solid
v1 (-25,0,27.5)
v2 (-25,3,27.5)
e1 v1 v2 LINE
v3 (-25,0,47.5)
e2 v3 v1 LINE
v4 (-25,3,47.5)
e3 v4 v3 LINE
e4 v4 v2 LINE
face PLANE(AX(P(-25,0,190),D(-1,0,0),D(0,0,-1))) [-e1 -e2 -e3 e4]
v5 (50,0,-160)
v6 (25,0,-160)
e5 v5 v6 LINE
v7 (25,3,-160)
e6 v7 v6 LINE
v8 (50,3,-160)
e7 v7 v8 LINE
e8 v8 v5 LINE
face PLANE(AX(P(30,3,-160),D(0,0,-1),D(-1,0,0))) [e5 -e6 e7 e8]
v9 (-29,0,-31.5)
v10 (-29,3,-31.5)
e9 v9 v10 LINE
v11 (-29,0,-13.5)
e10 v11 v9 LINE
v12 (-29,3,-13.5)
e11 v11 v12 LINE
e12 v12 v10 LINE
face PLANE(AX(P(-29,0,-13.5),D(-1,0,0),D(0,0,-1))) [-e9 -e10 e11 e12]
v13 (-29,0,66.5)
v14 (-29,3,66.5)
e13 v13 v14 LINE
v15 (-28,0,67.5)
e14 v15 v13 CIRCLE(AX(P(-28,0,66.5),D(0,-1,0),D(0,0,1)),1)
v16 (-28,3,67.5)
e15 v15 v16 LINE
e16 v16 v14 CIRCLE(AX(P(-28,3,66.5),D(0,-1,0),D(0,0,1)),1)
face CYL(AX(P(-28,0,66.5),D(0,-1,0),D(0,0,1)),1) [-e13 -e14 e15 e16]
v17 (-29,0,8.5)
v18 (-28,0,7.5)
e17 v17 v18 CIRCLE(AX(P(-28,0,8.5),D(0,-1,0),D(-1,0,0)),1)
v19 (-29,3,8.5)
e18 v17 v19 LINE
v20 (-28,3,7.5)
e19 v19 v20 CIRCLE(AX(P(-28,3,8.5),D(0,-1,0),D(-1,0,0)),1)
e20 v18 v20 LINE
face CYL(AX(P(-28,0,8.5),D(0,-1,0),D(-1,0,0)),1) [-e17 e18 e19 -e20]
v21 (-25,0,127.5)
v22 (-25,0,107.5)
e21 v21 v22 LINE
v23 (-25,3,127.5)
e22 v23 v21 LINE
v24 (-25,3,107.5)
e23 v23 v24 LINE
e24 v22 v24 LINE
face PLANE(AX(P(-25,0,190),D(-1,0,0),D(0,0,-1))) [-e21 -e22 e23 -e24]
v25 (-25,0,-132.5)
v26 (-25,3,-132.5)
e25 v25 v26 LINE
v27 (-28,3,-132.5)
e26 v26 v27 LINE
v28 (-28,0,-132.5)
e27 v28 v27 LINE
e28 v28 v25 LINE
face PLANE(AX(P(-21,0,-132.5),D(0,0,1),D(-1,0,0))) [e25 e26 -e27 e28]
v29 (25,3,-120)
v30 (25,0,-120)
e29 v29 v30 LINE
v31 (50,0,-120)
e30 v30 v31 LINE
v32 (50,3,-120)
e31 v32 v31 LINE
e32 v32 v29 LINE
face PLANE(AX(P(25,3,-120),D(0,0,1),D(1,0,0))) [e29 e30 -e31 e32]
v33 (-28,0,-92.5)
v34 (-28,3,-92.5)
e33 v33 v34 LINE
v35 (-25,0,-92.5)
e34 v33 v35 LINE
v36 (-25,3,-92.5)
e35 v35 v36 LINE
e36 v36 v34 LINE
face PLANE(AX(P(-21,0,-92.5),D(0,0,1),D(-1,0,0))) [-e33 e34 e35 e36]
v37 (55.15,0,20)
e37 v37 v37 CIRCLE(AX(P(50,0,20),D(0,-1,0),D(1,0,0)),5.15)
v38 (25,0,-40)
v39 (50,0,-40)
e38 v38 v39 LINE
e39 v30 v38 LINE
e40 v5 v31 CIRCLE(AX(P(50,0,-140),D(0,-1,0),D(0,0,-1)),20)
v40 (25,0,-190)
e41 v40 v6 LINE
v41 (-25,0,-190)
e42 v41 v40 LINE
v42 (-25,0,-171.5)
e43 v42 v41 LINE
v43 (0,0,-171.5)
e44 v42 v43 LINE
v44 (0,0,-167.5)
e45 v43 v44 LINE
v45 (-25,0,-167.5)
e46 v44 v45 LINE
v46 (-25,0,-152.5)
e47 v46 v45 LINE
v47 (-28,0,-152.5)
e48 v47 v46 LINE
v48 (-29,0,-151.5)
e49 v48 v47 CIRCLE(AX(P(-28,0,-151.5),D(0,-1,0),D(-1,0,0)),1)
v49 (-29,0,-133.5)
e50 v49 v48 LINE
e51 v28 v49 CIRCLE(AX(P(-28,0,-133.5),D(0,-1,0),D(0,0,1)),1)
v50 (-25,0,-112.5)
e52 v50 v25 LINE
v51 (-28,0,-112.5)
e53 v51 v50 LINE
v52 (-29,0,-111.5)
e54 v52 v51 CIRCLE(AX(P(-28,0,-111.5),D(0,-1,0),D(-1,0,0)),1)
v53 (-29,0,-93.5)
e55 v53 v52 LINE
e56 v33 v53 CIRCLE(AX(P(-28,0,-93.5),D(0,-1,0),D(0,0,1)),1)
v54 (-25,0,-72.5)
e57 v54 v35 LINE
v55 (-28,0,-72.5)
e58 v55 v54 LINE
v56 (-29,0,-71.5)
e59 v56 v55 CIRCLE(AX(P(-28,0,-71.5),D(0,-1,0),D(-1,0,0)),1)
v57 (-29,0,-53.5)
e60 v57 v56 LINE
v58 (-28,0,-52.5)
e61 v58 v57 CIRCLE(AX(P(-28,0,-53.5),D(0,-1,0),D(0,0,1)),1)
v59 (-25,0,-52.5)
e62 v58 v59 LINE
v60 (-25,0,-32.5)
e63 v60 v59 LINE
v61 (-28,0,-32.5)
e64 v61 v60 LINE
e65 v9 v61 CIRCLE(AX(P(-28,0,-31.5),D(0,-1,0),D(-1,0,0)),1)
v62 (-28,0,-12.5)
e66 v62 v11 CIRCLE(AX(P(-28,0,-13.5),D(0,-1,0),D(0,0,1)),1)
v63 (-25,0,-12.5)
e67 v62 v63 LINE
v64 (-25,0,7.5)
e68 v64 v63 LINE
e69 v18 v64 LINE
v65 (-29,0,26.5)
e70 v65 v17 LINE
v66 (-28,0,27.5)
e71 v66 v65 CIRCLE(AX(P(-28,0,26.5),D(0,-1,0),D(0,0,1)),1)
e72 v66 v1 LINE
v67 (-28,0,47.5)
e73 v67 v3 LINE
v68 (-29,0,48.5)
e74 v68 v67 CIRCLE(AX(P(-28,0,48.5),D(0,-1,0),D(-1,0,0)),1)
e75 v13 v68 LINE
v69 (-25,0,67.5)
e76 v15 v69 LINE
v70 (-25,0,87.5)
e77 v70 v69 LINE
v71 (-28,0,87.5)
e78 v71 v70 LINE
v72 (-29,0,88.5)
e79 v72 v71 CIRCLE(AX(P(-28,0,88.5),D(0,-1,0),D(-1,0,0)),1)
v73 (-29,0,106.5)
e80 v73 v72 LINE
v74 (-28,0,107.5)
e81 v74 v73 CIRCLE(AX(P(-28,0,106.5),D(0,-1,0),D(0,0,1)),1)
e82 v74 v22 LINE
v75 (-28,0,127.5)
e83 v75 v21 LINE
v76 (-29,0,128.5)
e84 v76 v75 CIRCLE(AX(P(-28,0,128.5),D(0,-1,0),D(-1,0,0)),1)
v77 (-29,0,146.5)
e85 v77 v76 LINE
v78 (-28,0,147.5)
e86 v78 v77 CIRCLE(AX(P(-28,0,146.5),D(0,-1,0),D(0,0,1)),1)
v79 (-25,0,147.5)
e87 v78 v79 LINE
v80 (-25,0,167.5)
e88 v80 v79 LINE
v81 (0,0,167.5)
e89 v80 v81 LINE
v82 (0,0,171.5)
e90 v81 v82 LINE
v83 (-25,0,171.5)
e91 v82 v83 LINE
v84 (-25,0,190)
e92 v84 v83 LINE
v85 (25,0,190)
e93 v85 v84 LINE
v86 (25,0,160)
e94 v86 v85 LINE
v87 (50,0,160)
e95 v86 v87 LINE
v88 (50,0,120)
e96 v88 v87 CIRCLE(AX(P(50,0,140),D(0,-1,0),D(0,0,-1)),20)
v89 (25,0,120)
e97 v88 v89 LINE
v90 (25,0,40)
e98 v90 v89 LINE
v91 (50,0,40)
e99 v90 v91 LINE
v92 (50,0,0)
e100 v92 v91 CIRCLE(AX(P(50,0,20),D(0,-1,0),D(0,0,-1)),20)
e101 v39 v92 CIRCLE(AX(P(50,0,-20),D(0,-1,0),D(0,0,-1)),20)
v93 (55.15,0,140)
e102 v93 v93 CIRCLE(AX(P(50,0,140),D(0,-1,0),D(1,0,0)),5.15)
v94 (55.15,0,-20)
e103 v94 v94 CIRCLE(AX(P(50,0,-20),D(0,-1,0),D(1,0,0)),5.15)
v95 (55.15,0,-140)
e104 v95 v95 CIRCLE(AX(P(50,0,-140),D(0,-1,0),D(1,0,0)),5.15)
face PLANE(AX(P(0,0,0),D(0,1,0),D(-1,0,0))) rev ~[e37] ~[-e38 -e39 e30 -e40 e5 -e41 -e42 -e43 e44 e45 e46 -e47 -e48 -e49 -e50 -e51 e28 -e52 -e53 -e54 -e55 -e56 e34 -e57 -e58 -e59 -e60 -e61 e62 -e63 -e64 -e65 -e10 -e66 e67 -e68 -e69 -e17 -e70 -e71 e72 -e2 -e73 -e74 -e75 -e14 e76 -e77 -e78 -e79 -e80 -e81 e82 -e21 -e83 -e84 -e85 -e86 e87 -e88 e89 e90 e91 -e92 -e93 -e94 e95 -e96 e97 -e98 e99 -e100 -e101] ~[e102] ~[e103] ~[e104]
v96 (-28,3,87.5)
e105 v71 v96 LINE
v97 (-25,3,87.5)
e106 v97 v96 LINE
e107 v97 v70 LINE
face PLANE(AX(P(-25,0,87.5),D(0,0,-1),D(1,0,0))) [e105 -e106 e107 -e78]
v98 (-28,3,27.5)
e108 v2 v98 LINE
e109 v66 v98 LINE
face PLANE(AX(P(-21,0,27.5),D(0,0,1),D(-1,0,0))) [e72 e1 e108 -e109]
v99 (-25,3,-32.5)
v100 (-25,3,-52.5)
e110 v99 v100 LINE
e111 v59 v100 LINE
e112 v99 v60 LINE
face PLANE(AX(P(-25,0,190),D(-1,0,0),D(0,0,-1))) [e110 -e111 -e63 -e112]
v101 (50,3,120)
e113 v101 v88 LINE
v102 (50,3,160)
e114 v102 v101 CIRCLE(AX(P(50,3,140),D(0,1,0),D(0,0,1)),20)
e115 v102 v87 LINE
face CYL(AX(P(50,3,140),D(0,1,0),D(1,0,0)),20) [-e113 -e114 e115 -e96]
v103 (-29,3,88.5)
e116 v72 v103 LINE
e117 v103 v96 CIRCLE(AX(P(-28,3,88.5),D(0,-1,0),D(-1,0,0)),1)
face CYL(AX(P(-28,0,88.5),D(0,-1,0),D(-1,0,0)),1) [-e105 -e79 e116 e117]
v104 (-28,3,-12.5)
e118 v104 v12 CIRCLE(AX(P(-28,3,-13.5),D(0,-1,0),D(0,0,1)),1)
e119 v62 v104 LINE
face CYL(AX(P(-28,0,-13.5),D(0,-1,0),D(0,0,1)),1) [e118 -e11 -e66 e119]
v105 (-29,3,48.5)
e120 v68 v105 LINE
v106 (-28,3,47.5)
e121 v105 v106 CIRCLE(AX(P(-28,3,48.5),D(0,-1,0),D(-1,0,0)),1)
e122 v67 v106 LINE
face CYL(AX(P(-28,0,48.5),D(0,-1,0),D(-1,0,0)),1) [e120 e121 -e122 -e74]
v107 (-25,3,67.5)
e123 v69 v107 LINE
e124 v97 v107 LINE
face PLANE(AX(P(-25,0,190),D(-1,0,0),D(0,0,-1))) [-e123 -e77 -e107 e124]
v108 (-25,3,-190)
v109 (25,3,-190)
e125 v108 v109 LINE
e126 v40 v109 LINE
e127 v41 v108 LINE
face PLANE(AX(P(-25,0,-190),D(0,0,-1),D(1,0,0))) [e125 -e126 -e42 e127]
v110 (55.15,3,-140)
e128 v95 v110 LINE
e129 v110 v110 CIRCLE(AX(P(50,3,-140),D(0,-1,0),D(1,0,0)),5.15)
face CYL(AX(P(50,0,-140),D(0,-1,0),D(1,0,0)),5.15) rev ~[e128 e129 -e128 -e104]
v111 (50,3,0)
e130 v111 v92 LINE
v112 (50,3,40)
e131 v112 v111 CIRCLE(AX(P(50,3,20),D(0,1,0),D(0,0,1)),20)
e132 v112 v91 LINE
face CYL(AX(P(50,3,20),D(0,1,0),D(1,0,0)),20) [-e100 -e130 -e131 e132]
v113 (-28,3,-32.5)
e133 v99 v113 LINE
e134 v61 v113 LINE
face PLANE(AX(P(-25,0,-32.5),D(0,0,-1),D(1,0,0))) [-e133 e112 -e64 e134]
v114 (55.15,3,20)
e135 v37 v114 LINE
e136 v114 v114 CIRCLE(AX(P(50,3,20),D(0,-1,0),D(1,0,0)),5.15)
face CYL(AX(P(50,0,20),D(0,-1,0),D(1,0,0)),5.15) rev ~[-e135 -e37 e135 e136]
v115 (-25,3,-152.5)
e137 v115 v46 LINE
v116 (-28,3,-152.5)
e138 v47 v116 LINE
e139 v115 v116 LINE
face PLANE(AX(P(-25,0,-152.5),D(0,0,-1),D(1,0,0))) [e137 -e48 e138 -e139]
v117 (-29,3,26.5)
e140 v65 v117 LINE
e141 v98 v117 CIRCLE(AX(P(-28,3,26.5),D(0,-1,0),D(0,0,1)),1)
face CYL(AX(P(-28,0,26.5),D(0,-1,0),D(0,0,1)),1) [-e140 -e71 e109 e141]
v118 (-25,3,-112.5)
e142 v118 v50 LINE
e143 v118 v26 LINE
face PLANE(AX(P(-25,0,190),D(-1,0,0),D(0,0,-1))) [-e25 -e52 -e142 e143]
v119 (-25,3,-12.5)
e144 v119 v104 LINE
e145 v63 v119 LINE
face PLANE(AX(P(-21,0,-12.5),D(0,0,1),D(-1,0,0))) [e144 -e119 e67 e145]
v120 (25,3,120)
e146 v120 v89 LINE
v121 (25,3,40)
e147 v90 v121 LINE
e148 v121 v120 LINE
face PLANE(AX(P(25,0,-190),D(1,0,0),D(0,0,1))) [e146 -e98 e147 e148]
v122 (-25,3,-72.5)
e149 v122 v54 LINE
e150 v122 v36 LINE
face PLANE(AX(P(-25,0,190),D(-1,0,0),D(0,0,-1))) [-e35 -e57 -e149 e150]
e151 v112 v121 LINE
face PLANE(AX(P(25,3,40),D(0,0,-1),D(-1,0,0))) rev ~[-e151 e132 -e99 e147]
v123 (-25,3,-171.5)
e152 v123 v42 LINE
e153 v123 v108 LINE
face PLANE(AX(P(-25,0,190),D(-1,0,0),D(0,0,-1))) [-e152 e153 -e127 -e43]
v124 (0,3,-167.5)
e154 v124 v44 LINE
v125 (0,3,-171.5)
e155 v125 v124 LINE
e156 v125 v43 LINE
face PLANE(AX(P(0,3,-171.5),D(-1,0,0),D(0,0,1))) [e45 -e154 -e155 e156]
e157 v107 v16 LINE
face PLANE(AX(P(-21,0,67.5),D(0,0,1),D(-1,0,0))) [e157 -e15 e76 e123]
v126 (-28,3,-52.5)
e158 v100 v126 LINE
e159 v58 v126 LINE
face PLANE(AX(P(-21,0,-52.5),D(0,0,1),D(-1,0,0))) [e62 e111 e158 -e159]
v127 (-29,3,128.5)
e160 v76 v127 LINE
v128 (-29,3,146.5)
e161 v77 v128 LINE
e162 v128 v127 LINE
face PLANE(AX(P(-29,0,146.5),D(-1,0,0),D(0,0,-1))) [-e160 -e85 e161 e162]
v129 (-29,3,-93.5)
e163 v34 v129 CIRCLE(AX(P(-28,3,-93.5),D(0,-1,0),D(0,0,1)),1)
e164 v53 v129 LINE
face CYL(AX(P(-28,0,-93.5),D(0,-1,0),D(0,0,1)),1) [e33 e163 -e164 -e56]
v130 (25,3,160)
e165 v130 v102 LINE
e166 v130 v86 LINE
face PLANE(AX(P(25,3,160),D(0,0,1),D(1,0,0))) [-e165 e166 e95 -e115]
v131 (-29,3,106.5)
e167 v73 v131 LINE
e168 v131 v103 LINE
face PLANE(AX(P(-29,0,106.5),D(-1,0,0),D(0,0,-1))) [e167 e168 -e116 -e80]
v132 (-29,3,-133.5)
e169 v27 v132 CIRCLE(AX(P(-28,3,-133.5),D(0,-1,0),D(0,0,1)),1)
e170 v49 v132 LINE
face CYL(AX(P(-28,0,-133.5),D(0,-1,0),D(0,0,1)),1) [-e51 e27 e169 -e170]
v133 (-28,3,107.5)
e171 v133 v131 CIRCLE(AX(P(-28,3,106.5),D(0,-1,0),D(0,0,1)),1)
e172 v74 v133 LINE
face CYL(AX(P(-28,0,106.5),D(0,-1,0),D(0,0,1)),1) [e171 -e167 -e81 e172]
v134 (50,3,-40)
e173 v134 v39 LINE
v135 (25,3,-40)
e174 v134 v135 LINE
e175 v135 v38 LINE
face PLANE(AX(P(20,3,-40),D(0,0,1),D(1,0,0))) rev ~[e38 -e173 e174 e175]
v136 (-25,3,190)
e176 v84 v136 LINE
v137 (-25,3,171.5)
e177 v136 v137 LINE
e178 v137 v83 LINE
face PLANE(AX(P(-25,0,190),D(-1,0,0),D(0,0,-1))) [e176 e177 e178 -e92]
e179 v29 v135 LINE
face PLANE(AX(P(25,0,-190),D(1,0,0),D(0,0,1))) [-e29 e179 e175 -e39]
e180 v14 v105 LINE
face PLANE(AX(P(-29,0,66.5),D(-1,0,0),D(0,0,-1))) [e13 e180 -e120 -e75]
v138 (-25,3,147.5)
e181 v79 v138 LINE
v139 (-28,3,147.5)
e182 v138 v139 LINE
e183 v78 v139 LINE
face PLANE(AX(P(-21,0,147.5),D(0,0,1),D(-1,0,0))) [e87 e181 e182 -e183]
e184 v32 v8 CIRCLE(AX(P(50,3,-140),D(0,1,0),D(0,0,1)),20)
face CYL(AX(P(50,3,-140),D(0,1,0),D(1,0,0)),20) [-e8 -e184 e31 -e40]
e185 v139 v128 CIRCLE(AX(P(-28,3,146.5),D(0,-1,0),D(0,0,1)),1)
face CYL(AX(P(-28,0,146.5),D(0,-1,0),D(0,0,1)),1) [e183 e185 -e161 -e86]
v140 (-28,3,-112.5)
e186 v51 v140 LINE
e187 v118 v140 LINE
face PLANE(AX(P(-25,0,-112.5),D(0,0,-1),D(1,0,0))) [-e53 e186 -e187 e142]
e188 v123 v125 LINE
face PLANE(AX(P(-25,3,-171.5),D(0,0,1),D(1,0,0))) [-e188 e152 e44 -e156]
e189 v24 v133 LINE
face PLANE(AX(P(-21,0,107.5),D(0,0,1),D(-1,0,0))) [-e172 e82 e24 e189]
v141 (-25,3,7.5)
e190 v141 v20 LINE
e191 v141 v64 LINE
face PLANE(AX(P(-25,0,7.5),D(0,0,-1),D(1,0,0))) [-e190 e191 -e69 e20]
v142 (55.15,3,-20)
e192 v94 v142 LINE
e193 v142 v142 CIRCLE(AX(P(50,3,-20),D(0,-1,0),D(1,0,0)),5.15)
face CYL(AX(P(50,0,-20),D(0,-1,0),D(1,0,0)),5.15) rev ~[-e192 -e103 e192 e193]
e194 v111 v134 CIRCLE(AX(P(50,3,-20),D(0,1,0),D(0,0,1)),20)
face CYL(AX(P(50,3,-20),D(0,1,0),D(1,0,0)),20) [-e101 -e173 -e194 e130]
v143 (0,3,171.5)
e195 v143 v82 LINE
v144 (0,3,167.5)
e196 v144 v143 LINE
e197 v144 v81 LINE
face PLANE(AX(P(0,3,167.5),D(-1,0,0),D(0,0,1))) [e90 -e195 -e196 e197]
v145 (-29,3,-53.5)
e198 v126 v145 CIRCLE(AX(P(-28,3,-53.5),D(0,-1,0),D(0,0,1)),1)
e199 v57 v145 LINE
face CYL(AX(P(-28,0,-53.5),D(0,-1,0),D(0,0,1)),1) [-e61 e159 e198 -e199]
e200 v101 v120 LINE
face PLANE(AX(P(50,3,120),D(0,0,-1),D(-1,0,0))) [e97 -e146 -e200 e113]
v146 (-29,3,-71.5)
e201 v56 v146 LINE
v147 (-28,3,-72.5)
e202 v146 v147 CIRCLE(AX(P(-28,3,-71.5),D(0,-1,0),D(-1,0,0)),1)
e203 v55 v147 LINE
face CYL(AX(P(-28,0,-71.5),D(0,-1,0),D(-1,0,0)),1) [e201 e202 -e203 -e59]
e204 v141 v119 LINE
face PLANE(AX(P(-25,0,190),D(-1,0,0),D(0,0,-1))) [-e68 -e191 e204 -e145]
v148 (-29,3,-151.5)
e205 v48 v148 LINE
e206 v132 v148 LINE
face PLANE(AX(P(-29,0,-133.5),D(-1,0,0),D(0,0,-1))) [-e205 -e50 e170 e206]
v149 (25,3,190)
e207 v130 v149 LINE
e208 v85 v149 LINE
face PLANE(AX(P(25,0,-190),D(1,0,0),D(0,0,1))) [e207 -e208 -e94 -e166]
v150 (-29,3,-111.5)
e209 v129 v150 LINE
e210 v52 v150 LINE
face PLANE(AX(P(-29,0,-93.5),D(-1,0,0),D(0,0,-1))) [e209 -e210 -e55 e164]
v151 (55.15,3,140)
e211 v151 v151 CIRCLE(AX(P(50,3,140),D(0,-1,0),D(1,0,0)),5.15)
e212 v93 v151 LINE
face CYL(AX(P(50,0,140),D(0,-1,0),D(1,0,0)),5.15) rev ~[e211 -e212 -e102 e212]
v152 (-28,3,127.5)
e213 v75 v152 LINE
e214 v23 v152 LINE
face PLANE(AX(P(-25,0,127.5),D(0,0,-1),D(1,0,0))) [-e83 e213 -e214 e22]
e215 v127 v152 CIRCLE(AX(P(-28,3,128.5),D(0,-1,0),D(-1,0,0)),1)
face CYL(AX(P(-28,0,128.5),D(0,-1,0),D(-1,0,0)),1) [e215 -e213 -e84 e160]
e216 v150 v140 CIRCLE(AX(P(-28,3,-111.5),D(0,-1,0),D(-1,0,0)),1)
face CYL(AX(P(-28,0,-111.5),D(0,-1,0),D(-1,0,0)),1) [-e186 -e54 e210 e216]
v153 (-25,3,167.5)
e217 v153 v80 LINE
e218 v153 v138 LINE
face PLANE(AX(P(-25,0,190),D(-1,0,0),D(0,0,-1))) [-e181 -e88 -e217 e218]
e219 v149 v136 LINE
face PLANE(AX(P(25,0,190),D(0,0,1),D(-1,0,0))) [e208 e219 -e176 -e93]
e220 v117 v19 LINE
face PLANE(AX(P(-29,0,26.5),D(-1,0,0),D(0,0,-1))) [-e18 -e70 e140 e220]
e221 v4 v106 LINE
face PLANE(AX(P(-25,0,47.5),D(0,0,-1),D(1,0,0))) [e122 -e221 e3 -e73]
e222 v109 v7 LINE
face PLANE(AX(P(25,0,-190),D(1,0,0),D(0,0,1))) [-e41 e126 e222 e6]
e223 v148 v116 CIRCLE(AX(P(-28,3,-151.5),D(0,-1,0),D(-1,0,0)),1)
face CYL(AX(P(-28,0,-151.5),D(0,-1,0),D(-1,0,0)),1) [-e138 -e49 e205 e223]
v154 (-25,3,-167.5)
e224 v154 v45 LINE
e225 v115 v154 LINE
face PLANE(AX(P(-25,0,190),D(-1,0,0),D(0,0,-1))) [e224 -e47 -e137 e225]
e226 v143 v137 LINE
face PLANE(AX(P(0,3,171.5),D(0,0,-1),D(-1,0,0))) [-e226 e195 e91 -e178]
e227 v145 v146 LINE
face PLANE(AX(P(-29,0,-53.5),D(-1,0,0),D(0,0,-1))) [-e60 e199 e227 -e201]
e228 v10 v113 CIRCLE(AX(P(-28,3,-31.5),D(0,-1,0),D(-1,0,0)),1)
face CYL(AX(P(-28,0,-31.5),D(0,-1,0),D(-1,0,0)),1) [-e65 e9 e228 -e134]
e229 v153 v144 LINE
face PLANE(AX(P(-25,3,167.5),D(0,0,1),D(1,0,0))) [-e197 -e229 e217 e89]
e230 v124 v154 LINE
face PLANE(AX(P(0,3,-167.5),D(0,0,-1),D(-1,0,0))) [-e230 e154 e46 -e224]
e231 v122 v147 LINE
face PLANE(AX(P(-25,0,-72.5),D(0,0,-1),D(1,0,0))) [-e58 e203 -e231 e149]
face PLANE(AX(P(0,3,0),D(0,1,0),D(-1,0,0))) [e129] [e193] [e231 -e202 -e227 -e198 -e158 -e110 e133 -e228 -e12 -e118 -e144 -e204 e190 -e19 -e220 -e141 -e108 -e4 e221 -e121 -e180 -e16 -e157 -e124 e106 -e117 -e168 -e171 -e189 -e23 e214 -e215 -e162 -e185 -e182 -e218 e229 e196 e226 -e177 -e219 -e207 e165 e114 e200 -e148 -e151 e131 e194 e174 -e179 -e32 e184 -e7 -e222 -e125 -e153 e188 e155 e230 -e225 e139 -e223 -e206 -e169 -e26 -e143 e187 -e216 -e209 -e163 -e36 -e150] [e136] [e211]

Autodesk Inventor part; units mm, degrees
ref_plane "YZ Plane" through (0, 0, 0) normal (1, 0, 0) x (0, 1, 0)
ref_plane "XZ Plane" through (0, 0, 0) normal (0, 1, 0) x (-1, 0, 0)
ref_plane "XY Plane" through (0, 0, 0) normal (0, 0, 1) x (1, 0, 0)
sketch "Sketch1" plane through (0, 0, 0) normal (0, 1, 0) x (-1, 0, 0)
  line L0 (-25, 190) -> (25, 190)
  line L1 (25, 190) -> (25, -190)
  line L2 (25, -190) -> (-25, -190)
  line L3 (-25, -190) -> (-25, 190)
  line L4 (-25, 190) -> (25, -190) construction
  line L5 (25, 190) -> (-25, -190) construction
  point P0 (0, 0)
  dimension "d0" = 50
  dimension "d1" = 380
extrude "Extrusion1" add sketch "Sketch1" along normal blind 3
sketch "Sketch2" plane through (0, 3, 0) normal (0, 1, 0) x (1, 0, 0)
  line L0 (25, -160) -> (50, -160)
  line L1 (50, -160) -> (50, -120)
  line L2 (50, -120) -> (25, -120)
  line L3 (25, -120) -> (25, -160)
  line L4 (50, -40) -> (20, -40)
  line L5 (20, -40) -> (20, 40)
  line L6 (20, 40) -> (50, 40)
  line L7 (50, 40) -> (50, -40)
  line L8 (50, -40) -> (20, 40) construction
  line L9 (20, -40) -> (50, 40) construction
  line L10 (30, 160) -> (50, 160)
  line L11 (50, 160) -> (50, 120)
  line L12 (50, 120) -> (30, 120)
  line L13 (30, 120) -> (30, 160)
  circle A0 centre (50, -140) radius 20
  circle A1 centre (50, -20) radius 20
  circle A2 centre (50, 20) radius 20
  circle A3 centre (50, 140) radius 20
  line L14 (25, 190) -> (25, -190) projected
  line L15 (25, -190) -> (25, 190) projected
  line L16 (30, 160) -> (25, 160)
  line L17 (25, 160) -> (25, 120)
  line L18 (25, 120) -> (30, 120)
  line L19 (30, 120) -> (30, 160)
  line L20 (25, -120) -> (25, -120)
  line L21 (25, -120) -> (25, -150)
  line L22 (25, -150) -> (25, -150)
  line L23 (25, -150) -> (25, -120)
  line L24 (50, 0) -> (35, 0)
  line L25 (35, 0) -> (35, 5)
  line L26 (35, 5) -> (50, 5)
  line L27 (50, 5) -> (50, 0)
  line L28 (25, 190) -> (-25, 190) projected
  line L29 (-25, -190) -> (25, -190) projected
  point P0 (0, 0)
  point P1 (35, 0)
  dimension "d10" = 40
  dimension "d4" = 25
  dimension "d5" = 40
  dimension "d7" = 80
  dimension "d8" = 20
  dimension "d9" = 40
  dimension "d11" = 40
  dimension "d12" = 20
  dimension "d13" = 20
  dimension "d16" = 80
  dimension "d17" = 80
  dimension "d18" = 5
  dimension "d19" = 25
  dimension "d20" = 25
  dimension "d40" = 15
  dimension "d41" = 30
  dimension "d43" = 70
  dimension "d44" = 40
  dimension "d49" = 70
extrude "Extrusion2" add sketch "Sketch2" against normal blind 3
sketch "Sketch3" plane through (0, 3, 0) normal (0, 1, 0) x (1, 0, 0)
  line L0 (-25, 190) -> (-25, -190) projected
  line L1 (-25, -167.5) -> (0, -167.5)
  line L2 (0, -167.5) -> (0, -171.5)
  line L3 (0, -171.5) -> (-25, -171.5)
  line L4 (-25, -171.5) -> (-25, -167.5)
  line L5 (25, -190) -> (-25, -190) projected
  line L6 (-25, 171.5) -> (0, 171.5)
  line L7 (0, 171.5) -> (0, 167.5)
  line L8 (0, 167.5) -> (-25, 167.5)
  line L9 (-25, 167.5) -> (-25, 171.5)
  line L10 (-25, 190) -> (25, 190) projected
  point P0 (0, 0)
  dimension "d21" = 25
  dimension "d22" = 4
  dimension "d23" = 18.5
  dimension "d26" = 4
  dimension "d27" = 18.5
  dimension "d50" = 25
extrude "Extrusion3" cut sketch "Sketch3" against normal blind 3
sketch "Sketch4" plane through (0, 0, 0) normal (0, -1, 0) x (1, 0, 0)
  circle A0 centre (50, -20) radius 5.15
  arc A1 (50, -40) -> (50, 0) centre (50, -20) ccw projected
  circle A2 centre (50, 20) radius 5.15
  line L0 (25, 40) -> (50, 40) projected
  circle A3 centre (50, -140) radius 5.15
  line L1 (50, -120) -> (25, -120) projected
  arc A4 (50, -160) -> (50, -120) centre (50, -140) ccw projected
  circle A5 centre (50, 140) radius 5.15
  line L2 (50, 160) -> (25, 160) projected
  arc A6 (50, 120) -> (50, 160) centre (50, 140) ccw projected
  point P0 (0, 0)
  point P1 (25, 160)
  point P2 (25, 290)
  dimension "d28" = 10.3
  dimension "d30" = 0
  dimension "d31" = 10.3
  dimension "d33" = 10.3
  dimension "d36" = 10.3
  dimension "d42" = 40
  dimension "d51" = 0
  dimension "d52" = 0
extrude "Extrusion4" cut sketch "Sketch4" against normal blind 10
sketch "Sketch6" plane through (0, 0, 0) normal (0, -1, 0) x (1, 0, 0)
  line L0 (-25, 167.5) -> (-25, -167.5) projected
  line L1 (-25, 167.5) -> (0, 167.5) projected
  line L2 (-21, 147.5) -> (-28, 147.5)
  line L3 (-29, 146.5) -> (-29, 128.5)
  line L4 (-28, 127.5) -> (-21, 127.5)
  line L5 (-21, 127.5) -> (-21, 147.5)
  line L6 (-25, -167.5) -> (-25, 167.5) projected
  line L7 (-21, 147.5) -> (-29, 127.5) construction
  line L8 (-29, 147.5) -> (-21, 127.5) construction
  arc A0 (-28, 147.5) -> (-29, 146.5) centre (-28, 146.5) ccw
  arc A1 (-29, 128.5) -> (-28, 127.5) centre (-28, 128.5) ccw
  point P0 (0, 0)
  point P1 (-25, 137.5)
  dimension "d54" = 8
  dimension "d55" = 20
  dimension "d56" = 1
  dimension "d57" = 20
extrude "Extrusion5" add sketch "Sketch6" against normal blind 3
pattern_linear "Rectangular Pattern1" count 8 spacing 40 along (0, 0, -1) of "Extrusion5"
properties part number "zijiplaaten"
